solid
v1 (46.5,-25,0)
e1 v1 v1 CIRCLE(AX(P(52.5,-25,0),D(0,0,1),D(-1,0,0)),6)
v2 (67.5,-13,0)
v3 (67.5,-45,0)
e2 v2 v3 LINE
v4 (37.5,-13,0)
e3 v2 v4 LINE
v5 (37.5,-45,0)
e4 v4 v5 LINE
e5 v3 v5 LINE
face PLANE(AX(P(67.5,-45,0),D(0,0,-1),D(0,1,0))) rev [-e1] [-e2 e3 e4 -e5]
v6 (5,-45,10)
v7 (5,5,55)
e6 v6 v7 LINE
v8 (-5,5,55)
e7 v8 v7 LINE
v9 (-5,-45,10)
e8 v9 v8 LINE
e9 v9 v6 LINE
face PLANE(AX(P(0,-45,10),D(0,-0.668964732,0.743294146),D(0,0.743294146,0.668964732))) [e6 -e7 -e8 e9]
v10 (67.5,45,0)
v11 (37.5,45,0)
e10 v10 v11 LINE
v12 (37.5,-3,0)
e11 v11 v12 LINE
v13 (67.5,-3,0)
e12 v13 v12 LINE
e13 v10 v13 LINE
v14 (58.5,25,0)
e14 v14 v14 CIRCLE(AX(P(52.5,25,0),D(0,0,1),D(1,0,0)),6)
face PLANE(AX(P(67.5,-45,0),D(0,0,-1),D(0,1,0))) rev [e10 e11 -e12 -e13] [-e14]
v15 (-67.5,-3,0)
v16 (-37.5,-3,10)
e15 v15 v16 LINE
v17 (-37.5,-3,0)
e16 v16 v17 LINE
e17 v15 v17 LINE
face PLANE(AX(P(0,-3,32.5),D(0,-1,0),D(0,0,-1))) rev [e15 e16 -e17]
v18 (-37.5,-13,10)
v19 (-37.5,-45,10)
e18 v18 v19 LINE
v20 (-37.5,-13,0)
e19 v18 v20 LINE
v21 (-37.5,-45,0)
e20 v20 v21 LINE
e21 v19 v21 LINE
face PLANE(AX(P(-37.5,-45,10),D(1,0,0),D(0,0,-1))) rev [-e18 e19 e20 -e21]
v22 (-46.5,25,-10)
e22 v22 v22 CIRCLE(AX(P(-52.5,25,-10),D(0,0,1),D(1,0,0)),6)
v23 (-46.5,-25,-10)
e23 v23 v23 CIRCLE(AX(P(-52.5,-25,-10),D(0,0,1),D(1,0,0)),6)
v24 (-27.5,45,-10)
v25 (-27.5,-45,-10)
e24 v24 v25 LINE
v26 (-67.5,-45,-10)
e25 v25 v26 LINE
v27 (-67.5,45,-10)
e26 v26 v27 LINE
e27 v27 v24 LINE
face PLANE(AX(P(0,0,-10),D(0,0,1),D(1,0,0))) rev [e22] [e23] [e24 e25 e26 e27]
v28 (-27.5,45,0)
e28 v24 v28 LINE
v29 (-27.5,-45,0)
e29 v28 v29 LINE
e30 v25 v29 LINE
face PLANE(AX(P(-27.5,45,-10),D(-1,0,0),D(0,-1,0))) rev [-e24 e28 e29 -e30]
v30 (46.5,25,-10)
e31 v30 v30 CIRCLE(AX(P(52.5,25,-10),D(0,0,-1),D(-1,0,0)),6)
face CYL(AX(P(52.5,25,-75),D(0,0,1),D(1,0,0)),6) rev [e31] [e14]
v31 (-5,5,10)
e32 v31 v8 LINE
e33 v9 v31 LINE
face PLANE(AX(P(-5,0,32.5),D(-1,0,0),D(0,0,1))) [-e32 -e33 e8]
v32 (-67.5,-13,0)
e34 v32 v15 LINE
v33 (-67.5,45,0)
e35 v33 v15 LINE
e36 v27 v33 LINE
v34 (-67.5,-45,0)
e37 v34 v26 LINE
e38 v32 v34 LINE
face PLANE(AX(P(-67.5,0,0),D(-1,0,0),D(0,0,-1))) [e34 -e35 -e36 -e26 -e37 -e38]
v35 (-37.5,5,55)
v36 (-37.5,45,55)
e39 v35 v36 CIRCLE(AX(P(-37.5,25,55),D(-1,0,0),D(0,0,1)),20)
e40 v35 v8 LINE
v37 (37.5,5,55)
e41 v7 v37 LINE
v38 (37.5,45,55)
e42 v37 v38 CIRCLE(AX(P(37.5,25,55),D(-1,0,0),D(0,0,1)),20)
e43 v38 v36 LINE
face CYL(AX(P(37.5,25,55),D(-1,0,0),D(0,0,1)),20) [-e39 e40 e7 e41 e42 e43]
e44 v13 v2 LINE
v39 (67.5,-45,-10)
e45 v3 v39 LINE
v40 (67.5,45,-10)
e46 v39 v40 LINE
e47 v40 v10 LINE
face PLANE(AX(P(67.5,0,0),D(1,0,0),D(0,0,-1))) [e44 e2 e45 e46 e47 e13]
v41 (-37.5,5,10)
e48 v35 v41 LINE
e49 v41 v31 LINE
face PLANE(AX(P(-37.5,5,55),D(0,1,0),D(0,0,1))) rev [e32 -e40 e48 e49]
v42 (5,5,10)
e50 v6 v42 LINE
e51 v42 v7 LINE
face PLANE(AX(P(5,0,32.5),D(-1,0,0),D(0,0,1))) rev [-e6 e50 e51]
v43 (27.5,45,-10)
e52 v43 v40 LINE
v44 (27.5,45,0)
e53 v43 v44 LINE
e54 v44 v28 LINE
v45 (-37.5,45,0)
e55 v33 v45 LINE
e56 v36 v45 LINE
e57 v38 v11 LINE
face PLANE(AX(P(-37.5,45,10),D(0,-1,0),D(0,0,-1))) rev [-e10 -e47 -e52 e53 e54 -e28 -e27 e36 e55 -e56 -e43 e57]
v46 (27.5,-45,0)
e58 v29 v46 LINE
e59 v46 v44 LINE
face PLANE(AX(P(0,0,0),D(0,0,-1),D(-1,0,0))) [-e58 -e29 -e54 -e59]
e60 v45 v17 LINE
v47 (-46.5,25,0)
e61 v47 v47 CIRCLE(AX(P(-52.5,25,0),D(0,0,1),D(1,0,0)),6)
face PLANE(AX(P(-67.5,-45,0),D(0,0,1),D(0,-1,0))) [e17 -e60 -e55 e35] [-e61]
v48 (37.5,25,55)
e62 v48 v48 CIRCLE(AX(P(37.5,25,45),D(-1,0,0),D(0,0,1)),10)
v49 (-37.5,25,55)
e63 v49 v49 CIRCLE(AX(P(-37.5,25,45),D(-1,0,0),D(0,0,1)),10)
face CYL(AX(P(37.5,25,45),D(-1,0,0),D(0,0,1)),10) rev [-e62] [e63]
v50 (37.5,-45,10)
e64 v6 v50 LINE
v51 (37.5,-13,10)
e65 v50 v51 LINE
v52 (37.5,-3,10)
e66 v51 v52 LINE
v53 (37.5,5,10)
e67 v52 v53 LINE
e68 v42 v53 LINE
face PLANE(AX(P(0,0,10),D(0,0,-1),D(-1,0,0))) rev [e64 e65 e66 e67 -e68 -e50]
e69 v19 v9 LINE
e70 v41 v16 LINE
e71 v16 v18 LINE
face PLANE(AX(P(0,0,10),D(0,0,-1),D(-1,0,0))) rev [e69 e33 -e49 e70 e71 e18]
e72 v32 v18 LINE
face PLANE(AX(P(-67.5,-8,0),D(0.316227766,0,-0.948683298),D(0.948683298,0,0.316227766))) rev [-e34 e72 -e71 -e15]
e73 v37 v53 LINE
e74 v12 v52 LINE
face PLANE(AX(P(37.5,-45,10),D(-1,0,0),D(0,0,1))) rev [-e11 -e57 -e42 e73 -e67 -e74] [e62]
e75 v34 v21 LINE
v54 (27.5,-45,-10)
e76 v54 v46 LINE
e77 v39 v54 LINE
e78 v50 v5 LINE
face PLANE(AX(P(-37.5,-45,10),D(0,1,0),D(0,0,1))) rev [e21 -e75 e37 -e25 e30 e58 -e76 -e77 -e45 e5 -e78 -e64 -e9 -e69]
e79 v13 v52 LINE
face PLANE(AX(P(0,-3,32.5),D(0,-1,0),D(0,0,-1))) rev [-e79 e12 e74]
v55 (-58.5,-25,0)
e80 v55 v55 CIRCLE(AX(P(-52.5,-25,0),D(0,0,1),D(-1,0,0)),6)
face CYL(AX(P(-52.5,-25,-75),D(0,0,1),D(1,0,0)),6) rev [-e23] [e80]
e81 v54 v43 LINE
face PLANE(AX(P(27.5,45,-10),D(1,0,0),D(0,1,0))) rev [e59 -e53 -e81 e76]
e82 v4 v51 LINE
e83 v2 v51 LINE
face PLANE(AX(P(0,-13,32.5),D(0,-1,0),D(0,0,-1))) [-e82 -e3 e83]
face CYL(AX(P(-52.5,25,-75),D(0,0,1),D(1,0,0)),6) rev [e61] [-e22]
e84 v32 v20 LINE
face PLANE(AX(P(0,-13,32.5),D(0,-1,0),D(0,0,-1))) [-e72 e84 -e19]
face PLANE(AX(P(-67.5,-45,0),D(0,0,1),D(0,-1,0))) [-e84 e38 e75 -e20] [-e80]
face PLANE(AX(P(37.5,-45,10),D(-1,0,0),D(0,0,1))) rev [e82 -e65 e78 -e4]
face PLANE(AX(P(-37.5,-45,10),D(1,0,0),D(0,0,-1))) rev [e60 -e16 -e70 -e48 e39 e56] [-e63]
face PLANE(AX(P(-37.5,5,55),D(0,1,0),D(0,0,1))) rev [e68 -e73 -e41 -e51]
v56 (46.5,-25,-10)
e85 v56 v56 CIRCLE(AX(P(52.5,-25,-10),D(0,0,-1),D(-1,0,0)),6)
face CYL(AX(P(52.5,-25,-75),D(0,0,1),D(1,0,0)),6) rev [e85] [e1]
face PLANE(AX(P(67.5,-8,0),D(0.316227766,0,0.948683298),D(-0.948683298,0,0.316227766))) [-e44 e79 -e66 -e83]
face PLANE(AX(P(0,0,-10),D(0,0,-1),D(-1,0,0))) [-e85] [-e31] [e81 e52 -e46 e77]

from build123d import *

# Parameters (mm, degrees)
SKETCH1_W           = 75
SKETCH1_H           = 90
BOSS_EXTRUDE1_DEPTH = 10
SKETCH2_W           = 75
SKETCH2_H           = 40
BOSS_EXTRUDE2_DEPTH = 45
SKETCH5_W           = 10
SKETCH5_H           = 90
BOSS_EXTRUDE3_DEPTH = 10
SKETCH7_W           = 10
SKETCH7_H           = 90
BOSS_EXTRUDE4_DEPTH = 30
SKETCH14_R          = 20
BOSS_EXTRUDE6_DEPTH = 75
SKETCH15_R          = 10
CUT_EXTRUDE3_DEPTH  = 75
SKETCH16_R          = 6
CUT_EXTRUDE4_DEPTH  = 75
RIB16_REACH         = 112.482
SKETCH24_WALL_W     = 290.231918176
SKETCH24_WALL_H     = 10
RIB17_REACH         = 115.975
SKETCH25_WALL_W     = 261.572332424
SKETCH25_WALL_H     = 10
RIB18_REACH         = 115.975
SKETCH26_WALL_W     = 261.572332424
SKETCH26_WALL_H     = 10


with BuildPart() as part:
    # Sketch1 → Boss-Extrude1 (new body)
    with BuildSketch(Plane.XY):
        Rectangle(SKETCH1_W, SKETCH1_H)
    extrude(amount=BOSS_EXTRUDE1_DEPTH)

    # Sketch2 → Boss-Extrude2 (add)
    with BuildSketch(Plane.XY.offset(10)):
        with Locations((0, 25)):
            Rectangle(SKETCH2_W, SKETCH2_H)
    extrude(amount=BOSS_EXTRUDE2_DEPTH)

    # Sketch5 → Boss-Extrude3 (add)
    with BuildSketch(Plane(origin=(0, 0, 0), x_dir=(-1, 0, 0), z_dir=(0, 0, -1))):
        with Locations((-32.5, 0)):
            Rectangle(SKETCH5_W, SKETCH5_H)
        with Locations((32.5, 0)):
            Rectangle(SKETCH5_W, SKETCH5_H)
    boss_extrude3 = extrude(amount=BOSS_EXTRUDE3_DEPTH)

    # Sketch7 → Boss-Extrude4 (add)
    with BuildSketch(Plane(origin=(37.5, 0, 0), x_dir=(0, 0, -1), z_dir=(1, 0, 0))):
        with Locations((5, 0)):
            Rectangle(SKETCH7_W, SKETCH7_H)
    boss_extrude4 = extrude(amount=BOSS_EXTRUDE4_DEPTH)

    # Mirror1: Boss-Extrude3, Boss-Extrude4 across plane
    add(boss_extrude3.mirror(Plane(origin=(0, 0, 0), x_dir=(0, 0, 1), z_dir=(1, 0, 0))))
    add(boss_extrude4.mirror(Plane(origin=(0, 0, 0), x_dir=(0, 0, 1), z_dir=(1, 0, 0))))

    # Sketch14 → Boss-Extrude6 (add)
    with BuildSketch(Plane.ZY.offset(37.5)):
        with Locations((55, 25)):
            Circle(SKETCH14_R)
    extrude(amount=-BOSS_EXTRUDE6_DEPTH)

    # Sketch15 → Cut-Extrude3 (cut)
    with BuildSketch(Plane.ZY.offset(37.5)):
        with Locations((45, 25)):
            Circle(SKETCH15_R)
    extrude(amount=-CUT_EXTRUDE3_DEPTH, mode=Mode.SUBTRACT)

    # Sketch16 → Cut-Extrude4 (cut)
    with BuildSketch(Plane.XY):
        with Locations((-52.5, 25)):
            Circle(SKETCH16_R)
        with Locations((52.5, 25)):
            Circle(SKETCH16_R)
        with Locations(Location((52.5, -25, 0), (0, 0, 180))):
            Circle(SKETCH16_R)
        with Locations((-52.5, -25)):
            Circle(SKETCH16_R)
    extrude(amount=-CUT_EXTRUDE4_DEPTH, mode=Mode.SUBTRACT)

    # Sketch24 wall → Rib16 (add, up to next)
    with BuildSketch(Plane(origin=(0, -20, 32.5), x_dir=(0, 0.743294146247, 0.668964731622), z_dir=(0, 0.668964731622, -0.743294146247)), mode=Mode.PRIVATE) as rib16_sk1:
        Rectangle(SKETCH24_WALL_W, SKETCH24_WALL_H)
    rib16_tool1 = extrude(rib16_sk1.sketch, amount=RIB16_REACH, mode=Mode.PRIVATE) - part.part
    add(rib16_tool1.solids().sort_by_distance((0, -20, 32.5))[0])

    # Sketch25 wall → Rib17 (add, up to next)
    with BuildSketch(Plane(origin=(52.5, -8, 5), x_dir=(-0.948683298051, 0, 0.316227766017), z_dir=(-0.316227766017, 0, -0.948683298051)), mode=Mode.PRIVATE) as rib17_sk1:
        Rectangle(SKETCH25_WALL_W, SKETCH25_WALL_H)
    rib17_tool1 = extrude(rib17_sk1.sketch, amount=RIB17_REACH, mode=Mode.PRIVATE) - part.part
    add(rib17_tool1.solids().sort_by_distance((52.5, -8, 5))[0])

    # Sketch26 wall → Rib18 (add, up to next)
    with BuildSketch(Plane(origin=(-52.5, -8, 5), x_dir=(0.948683298051, 0, 0.316227766017), z_dir=(-0.316227766017, 0, 0.948683298051)), mode=Mode.PRIVATE) as rib18_sk1:
        Rectangle(SKETCH26_WALL_W, SKETCH26_WALL_H)
    rib18_tool1 = extrude(rib18_sk1.sketch, amount=-RIB18_REACH, mode=Mode.PRIVATE) - part.part
    add(rib18_tool1.solids().sort_by_distance((-52.5, -8, 5))[0])


solid = part.part
